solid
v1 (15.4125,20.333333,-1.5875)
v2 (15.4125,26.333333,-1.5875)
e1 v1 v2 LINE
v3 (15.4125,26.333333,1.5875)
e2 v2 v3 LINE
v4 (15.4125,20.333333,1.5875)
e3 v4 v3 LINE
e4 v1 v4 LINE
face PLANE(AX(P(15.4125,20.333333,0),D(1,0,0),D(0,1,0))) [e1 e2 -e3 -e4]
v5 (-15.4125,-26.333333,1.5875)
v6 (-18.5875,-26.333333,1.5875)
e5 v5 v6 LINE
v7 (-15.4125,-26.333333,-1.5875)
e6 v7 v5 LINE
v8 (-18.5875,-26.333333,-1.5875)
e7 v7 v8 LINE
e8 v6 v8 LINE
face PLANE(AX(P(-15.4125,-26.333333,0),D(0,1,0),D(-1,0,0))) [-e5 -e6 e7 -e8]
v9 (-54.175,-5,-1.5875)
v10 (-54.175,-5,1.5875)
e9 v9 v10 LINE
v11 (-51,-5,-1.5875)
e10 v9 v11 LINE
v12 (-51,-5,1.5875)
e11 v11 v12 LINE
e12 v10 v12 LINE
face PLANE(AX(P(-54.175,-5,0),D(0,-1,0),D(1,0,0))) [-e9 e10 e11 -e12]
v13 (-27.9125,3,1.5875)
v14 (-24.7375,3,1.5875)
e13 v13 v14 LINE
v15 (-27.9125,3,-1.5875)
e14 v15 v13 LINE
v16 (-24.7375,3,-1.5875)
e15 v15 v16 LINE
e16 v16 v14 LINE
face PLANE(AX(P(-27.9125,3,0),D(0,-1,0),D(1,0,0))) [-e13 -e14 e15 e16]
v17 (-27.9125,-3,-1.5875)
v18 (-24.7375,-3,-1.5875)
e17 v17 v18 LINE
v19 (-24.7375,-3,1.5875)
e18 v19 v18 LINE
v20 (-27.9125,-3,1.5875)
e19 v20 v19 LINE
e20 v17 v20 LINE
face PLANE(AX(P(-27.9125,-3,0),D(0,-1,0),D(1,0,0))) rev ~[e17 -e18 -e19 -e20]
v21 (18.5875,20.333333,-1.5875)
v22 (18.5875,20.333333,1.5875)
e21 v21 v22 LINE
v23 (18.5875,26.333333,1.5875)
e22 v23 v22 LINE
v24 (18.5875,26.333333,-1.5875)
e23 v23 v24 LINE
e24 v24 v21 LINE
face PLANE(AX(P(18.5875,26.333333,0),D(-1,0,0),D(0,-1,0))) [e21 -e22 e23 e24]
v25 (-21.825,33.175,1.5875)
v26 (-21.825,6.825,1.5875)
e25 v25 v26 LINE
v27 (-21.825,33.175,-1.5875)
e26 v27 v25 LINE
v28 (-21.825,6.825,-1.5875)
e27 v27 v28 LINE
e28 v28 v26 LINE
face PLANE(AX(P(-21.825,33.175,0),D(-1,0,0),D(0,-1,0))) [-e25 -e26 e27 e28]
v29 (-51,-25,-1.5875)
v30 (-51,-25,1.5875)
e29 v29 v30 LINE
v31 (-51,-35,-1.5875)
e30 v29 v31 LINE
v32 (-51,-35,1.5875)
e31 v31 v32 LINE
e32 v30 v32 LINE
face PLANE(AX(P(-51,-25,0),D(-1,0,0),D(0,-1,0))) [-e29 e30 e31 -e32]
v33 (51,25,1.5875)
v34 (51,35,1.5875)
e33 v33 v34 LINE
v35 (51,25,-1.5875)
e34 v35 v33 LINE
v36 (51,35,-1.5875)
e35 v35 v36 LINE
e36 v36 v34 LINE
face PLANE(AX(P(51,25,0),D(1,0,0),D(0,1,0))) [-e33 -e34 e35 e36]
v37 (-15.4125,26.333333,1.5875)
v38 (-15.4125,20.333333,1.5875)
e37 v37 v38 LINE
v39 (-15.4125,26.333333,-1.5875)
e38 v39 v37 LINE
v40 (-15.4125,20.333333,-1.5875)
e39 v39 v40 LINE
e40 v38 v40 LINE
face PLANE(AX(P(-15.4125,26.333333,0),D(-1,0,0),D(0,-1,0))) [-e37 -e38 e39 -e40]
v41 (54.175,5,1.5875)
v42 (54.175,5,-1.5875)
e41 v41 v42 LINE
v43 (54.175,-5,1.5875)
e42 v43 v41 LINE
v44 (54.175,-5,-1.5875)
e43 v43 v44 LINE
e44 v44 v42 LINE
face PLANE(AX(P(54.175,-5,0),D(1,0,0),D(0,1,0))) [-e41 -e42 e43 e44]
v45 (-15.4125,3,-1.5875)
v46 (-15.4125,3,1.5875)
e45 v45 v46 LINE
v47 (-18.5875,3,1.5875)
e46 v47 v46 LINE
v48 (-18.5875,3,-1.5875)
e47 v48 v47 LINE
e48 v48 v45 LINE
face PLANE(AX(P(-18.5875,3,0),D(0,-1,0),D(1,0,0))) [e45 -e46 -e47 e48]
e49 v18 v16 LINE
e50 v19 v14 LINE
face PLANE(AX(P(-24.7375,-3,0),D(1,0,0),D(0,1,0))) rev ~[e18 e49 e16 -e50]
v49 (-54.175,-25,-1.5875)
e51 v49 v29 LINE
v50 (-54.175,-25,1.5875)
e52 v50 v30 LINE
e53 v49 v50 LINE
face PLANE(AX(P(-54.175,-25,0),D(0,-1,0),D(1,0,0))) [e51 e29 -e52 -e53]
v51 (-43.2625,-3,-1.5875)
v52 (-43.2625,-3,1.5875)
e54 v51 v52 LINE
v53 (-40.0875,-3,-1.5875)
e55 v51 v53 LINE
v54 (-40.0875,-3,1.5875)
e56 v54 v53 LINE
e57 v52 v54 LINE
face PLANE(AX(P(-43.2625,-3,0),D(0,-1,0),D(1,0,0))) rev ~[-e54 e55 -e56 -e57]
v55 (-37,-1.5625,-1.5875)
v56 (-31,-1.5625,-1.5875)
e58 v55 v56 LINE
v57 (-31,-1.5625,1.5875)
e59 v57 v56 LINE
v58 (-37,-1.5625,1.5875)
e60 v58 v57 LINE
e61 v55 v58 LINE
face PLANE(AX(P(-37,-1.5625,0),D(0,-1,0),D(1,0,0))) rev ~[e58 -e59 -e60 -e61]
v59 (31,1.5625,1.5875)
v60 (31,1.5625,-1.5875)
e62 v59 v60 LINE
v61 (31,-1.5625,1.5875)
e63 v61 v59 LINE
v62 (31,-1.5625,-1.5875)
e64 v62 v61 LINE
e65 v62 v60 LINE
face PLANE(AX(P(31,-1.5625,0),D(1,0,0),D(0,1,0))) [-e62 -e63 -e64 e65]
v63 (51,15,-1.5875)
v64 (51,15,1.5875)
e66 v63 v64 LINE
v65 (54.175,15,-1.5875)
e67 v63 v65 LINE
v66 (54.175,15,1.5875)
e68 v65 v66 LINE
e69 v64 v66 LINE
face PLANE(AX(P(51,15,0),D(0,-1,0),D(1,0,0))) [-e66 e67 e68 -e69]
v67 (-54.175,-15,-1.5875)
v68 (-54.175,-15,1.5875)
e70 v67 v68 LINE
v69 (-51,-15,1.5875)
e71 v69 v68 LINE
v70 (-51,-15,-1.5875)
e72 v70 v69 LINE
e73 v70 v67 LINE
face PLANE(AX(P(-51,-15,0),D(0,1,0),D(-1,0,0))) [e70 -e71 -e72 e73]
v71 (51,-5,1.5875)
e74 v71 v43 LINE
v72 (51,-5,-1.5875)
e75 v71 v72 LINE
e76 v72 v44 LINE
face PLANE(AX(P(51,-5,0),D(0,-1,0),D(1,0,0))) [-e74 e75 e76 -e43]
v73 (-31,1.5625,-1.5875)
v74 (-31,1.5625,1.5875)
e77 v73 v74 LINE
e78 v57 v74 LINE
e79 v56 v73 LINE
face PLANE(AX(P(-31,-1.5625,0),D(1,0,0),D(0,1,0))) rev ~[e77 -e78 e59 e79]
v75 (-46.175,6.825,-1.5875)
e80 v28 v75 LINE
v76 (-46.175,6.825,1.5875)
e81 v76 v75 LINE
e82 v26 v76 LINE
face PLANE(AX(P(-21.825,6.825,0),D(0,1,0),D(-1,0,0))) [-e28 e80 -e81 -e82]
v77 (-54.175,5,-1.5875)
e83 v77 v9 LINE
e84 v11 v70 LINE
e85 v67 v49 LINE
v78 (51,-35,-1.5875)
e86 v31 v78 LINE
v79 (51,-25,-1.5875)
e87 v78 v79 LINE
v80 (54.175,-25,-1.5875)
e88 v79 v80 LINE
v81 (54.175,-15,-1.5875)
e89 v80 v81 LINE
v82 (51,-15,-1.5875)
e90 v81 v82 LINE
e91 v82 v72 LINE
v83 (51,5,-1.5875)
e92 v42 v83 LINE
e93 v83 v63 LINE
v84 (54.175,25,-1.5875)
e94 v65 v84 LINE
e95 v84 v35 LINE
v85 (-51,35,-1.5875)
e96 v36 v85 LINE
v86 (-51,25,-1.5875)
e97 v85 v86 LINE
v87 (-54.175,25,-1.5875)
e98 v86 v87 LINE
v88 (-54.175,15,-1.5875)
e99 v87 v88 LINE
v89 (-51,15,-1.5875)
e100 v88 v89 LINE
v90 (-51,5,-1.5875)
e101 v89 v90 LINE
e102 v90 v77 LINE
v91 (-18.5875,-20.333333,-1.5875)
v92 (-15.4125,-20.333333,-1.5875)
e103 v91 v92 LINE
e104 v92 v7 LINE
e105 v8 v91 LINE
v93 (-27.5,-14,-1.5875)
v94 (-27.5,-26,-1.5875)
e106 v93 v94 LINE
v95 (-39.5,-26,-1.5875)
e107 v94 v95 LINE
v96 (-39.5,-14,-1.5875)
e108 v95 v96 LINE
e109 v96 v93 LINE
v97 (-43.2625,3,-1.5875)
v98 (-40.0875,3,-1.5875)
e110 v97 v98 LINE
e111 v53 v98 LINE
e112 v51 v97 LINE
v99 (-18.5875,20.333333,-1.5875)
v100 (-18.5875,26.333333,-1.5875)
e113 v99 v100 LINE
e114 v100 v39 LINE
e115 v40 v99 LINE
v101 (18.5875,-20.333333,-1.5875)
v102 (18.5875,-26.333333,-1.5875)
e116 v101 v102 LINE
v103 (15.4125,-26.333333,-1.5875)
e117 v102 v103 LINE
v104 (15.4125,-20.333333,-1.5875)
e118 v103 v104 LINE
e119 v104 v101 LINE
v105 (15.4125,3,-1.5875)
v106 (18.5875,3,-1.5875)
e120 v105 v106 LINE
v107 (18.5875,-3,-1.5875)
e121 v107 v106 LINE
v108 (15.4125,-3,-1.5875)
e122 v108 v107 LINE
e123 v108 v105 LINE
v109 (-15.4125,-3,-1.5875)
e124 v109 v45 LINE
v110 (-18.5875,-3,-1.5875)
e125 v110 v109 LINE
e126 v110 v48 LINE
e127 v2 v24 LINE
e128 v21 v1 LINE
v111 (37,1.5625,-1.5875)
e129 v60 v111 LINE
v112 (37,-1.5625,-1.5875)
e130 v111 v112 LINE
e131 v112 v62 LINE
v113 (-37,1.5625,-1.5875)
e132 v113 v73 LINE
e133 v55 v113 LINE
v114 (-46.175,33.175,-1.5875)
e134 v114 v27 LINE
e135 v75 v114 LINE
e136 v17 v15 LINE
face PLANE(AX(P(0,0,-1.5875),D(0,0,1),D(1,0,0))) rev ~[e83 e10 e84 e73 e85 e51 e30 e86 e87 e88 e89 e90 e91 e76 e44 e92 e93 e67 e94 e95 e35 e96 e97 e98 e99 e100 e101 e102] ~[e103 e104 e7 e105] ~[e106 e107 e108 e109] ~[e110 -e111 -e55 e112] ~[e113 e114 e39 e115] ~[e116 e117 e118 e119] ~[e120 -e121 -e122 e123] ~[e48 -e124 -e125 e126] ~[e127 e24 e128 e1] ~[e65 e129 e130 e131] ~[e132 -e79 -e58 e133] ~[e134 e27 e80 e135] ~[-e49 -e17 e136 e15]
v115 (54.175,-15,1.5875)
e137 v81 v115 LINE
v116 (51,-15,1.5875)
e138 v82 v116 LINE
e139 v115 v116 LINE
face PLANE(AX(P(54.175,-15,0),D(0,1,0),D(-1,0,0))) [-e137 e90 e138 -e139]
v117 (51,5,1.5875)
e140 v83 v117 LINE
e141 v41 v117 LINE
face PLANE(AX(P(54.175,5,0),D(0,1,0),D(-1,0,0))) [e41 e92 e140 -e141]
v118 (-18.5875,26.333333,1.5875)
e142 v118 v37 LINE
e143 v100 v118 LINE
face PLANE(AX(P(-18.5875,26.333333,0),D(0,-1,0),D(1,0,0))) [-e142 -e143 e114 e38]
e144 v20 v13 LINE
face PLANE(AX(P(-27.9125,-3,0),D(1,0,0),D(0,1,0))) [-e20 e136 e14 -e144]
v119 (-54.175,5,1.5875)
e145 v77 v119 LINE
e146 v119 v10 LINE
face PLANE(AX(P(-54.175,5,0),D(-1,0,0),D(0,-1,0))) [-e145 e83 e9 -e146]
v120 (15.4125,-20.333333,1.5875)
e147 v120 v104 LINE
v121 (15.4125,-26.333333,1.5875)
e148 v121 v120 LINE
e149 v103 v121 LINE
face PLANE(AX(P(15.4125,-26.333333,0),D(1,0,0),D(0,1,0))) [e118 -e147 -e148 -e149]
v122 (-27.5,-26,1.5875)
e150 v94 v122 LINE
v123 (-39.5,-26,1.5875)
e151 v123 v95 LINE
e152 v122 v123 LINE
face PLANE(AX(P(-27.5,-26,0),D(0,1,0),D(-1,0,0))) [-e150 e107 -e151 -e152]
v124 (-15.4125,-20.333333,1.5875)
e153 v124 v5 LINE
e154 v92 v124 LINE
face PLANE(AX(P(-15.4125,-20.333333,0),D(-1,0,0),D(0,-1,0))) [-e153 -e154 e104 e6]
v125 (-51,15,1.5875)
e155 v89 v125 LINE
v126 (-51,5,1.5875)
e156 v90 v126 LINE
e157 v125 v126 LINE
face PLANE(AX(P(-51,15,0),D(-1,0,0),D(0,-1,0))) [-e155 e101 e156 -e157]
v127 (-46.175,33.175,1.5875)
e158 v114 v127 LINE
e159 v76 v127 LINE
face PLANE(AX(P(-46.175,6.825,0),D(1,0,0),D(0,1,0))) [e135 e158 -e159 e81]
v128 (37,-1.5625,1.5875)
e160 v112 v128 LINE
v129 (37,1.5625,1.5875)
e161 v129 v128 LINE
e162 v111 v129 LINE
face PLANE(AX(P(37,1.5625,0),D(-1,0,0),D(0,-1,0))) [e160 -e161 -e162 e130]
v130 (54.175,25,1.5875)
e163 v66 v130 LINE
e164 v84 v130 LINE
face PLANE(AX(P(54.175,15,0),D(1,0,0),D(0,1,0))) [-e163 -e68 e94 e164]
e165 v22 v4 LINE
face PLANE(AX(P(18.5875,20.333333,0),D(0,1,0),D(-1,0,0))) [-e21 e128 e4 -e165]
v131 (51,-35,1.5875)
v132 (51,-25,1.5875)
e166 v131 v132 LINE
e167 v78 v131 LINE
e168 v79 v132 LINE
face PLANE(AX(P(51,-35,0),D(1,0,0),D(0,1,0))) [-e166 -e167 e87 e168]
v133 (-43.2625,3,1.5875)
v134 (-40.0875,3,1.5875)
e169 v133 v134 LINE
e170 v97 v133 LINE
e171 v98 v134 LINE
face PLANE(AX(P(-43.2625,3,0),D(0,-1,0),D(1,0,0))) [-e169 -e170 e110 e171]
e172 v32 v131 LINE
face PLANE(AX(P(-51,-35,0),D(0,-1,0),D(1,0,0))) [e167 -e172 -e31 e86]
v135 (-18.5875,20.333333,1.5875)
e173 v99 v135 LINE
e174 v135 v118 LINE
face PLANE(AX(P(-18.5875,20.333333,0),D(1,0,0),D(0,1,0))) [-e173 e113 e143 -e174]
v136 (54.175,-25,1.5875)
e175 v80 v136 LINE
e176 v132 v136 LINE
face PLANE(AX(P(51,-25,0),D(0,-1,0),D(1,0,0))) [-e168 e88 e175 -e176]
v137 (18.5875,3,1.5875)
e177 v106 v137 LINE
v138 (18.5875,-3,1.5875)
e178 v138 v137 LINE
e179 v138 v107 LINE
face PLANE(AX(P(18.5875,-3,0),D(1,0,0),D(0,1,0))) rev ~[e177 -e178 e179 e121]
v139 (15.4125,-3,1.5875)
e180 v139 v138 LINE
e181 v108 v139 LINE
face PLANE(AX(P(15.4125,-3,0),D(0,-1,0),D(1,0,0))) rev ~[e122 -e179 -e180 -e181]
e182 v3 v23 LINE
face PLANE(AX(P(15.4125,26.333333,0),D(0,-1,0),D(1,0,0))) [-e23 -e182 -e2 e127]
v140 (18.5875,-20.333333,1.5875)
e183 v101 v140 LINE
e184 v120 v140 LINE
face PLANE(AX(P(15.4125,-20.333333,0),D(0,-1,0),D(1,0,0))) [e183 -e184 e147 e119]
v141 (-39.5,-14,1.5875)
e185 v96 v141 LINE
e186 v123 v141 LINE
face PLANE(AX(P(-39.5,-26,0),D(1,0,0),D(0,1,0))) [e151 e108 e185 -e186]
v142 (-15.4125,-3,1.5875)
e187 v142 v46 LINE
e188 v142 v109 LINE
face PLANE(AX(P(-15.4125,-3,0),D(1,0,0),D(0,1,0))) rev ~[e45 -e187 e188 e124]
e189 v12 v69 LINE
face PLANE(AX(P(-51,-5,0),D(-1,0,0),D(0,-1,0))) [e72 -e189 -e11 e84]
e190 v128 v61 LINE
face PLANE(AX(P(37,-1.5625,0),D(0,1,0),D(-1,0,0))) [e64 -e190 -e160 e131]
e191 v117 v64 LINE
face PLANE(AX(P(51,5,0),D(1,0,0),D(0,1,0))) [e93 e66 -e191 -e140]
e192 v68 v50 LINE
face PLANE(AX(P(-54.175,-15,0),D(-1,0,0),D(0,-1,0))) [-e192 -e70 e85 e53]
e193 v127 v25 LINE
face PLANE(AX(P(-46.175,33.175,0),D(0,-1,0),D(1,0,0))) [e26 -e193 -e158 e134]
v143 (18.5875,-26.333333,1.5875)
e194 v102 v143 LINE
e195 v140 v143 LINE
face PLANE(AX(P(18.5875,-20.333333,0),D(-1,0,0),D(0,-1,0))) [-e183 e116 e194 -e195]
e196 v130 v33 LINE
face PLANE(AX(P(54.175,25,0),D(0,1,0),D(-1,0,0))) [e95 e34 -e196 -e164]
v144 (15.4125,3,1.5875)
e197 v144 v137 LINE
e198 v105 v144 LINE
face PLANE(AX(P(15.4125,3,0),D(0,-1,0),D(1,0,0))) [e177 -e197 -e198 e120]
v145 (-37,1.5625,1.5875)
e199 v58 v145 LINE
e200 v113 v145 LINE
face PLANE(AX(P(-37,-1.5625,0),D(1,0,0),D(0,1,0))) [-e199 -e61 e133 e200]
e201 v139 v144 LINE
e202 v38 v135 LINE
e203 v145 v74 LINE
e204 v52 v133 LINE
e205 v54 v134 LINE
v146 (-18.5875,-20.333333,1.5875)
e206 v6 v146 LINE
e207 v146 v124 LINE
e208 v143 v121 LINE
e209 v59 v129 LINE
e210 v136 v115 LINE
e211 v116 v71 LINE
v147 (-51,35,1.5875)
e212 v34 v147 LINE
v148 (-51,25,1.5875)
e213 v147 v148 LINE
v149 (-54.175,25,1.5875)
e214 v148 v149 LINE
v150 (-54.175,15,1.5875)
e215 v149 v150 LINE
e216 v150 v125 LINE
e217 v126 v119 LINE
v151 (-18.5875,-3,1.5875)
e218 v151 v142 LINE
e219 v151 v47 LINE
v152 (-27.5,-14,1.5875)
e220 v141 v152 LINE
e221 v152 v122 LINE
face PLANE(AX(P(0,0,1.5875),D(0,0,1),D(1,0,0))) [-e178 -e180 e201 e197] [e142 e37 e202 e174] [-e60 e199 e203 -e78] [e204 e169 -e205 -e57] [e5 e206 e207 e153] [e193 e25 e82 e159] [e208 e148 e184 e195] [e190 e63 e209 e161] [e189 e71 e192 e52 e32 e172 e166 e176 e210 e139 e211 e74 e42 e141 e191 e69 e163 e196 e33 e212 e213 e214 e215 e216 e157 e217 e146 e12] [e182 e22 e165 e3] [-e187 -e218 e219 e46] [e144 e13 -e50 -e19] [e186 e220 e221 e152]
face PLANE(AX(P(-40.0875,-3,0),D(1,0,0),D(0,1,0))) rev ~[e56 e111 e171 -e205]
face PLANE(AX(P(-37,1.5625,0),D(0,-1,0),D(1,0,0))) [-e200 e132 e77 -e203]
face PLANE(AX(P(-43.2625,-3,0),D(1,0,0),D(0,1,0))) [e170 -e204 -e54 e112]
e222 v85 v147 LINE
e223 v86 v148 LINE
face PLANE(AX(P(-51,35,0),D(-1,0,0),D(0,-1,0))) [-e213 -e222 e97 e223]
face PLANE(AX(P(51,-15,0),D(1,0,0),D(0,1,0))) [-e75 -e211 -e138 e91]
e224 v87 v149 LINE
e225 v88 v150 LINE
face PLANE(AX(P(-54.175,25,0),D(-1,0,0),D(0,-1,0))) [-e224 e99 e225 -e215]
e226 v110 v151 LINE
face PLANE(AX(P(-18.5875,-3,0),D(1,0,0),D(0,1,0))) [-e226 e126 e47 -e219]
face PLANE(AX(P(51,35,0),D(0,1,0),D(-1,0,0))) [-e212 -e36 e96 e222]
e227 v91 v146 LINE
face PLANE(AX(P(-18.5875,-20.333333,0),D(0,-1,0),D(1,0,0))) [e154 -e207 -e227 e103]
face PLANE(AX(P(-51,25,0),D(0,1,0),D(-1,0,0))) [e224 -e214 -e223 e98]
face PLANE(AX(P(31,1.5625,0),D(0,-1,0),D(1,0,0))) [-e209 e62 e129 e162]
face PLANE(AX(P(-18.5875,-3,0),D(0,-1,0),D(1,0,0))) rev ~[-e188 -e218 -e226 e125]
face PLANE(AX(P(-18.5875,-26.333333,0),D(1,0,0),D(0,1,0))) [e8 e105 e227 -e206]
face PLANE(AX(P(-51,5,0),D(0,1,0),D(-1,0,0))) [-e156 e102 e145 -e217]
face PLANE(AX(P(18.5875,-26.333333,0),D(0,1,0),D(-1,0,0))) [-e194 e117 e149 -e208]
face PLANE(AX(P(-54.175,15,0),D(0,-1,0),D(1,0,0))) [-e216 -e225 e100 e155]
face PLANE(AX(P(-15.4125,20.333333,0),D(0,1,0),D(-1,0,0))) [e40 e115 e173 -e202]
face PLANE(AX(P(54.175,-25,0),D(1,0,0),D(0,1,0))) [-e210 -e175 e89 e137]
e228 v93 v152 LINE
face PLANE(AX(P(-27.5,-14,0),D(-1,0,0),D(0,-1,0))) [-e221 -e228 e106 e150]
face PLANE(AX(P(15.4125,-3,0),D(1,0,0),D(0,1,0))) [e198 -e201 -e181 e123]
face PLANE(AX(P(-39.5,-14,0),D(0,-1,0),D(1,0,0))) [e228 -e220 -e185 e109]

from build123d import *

# Parameters (mm, degrees)
SKETCH1_W           = 3.175
SKETCH1_H           = 6
SKETCH1_W_2         = 6
SKETCH1_H_2         = 3.125
BOSS_EXTRUDE1_DEPTH = 1.5875


with BuildPart() as part:
    # Sketch1 → Boss-Extrude1 (new body, symmetric)
    with BuildSketch(Plane.XY):
        Polygon((54.175, 0), (54.175, 5), (51, 5), (51, 15), (54.175, 15), (54.175, 25), (51, 25), (51, 35), (17, 35), (0, 35), (-17, 35), (-51, 35), (-51, 25), (-54.175, 25), (-54.175, 15), (-51, 15), (-51, 5), (-54.175, 5), (-54.175, -5), (-51, -5), (-51, -15), (-54.175, -15), (-54.175, -25), (-51, -25), (-51, -35), (0, -35), (51, -35), (51, -25), (54.175, -25), (54.175, -15), (51, -15), (51, -5), (54.175, -5), align=None)
        Polygon((-39.5, -14), (-32, -14), (-27.5, -14), (-27.5, -26), (-32, -26), (-39.5, -26), align=None, mode=Mode.SUBTRACT)
        Polygon((-18.5875, -23.333333333), (-18.5875, -20.333333333), (-15.4125, -20.333333333), (-15.4125, -26.333333333), (-18.5875, -26.333333333), align=None, mode=Mode.SUBTRACT)
        Polygon((18.5875, -20.333333333), (18.5875, -23.333333333), (18.5875, -26.333333333), (15.4125, -26.333333333), (15.4125, -20.333333333), align=None, mode=Mode.SUBTRACT)
        with Locations((-41.675, 0)):
            Rectangle(SKETCH1_W, SKETCH1_H, mode=Mode.SUBTRACT)
        with Locations((-34, 0)):
            Rectangle(SKETCH1_W_2, SKETCH1_H_2, mode=Mode.SUBTRACT)
        with Locations((-26.325, 0)):
            Rectangle(SKETCH1_W, SKETCH1_H, mode=Mode.SUBTRACT)
        with Locations((-17, 0)):
            Rectangle(SKETCH1_W, SKETCH1_H, mode=Mode.SUBTRACT)
        Polygon((-46.175, 33.175), (-32, 33.175), (-21.825, 33.175), (-21.825, 6.825), (-34, 6.825), (-46.175, 6.825), align=None, mode=Mode.SUBTRACT)
        Polygon((-18.5875, 20.333333333), (-18.5875, 23.333333333), (-18.5875, 26.333333333), (-15.4125, 26.333333333), (-15.4125, 20.333333333), align=None, mode=Mode.SUBTRACT)
        with Locations((17, 0)):
            Rectangle(SKETCH1_W, SKETCH1_H, mode=Mode.SUBTRACT)
        Polygon((37, 1.5625), (37, 0), (37, -1.5625), (31, -1.5625), (31, 1.5625), align=None, mode=Mode.SUBTRACT)
        Polygon((18.5875, 23.333333333), (18.5875, 20.333333333), (15.4125, 20.333333333), (15.4125, 26.333333333), (18.5875, 26.333333333), align=None, mode=Mode.SUBTRACT)
    extrude(amount=BOSS_EXTRUDE1_DEPTH, both=True)


solid = part.part
